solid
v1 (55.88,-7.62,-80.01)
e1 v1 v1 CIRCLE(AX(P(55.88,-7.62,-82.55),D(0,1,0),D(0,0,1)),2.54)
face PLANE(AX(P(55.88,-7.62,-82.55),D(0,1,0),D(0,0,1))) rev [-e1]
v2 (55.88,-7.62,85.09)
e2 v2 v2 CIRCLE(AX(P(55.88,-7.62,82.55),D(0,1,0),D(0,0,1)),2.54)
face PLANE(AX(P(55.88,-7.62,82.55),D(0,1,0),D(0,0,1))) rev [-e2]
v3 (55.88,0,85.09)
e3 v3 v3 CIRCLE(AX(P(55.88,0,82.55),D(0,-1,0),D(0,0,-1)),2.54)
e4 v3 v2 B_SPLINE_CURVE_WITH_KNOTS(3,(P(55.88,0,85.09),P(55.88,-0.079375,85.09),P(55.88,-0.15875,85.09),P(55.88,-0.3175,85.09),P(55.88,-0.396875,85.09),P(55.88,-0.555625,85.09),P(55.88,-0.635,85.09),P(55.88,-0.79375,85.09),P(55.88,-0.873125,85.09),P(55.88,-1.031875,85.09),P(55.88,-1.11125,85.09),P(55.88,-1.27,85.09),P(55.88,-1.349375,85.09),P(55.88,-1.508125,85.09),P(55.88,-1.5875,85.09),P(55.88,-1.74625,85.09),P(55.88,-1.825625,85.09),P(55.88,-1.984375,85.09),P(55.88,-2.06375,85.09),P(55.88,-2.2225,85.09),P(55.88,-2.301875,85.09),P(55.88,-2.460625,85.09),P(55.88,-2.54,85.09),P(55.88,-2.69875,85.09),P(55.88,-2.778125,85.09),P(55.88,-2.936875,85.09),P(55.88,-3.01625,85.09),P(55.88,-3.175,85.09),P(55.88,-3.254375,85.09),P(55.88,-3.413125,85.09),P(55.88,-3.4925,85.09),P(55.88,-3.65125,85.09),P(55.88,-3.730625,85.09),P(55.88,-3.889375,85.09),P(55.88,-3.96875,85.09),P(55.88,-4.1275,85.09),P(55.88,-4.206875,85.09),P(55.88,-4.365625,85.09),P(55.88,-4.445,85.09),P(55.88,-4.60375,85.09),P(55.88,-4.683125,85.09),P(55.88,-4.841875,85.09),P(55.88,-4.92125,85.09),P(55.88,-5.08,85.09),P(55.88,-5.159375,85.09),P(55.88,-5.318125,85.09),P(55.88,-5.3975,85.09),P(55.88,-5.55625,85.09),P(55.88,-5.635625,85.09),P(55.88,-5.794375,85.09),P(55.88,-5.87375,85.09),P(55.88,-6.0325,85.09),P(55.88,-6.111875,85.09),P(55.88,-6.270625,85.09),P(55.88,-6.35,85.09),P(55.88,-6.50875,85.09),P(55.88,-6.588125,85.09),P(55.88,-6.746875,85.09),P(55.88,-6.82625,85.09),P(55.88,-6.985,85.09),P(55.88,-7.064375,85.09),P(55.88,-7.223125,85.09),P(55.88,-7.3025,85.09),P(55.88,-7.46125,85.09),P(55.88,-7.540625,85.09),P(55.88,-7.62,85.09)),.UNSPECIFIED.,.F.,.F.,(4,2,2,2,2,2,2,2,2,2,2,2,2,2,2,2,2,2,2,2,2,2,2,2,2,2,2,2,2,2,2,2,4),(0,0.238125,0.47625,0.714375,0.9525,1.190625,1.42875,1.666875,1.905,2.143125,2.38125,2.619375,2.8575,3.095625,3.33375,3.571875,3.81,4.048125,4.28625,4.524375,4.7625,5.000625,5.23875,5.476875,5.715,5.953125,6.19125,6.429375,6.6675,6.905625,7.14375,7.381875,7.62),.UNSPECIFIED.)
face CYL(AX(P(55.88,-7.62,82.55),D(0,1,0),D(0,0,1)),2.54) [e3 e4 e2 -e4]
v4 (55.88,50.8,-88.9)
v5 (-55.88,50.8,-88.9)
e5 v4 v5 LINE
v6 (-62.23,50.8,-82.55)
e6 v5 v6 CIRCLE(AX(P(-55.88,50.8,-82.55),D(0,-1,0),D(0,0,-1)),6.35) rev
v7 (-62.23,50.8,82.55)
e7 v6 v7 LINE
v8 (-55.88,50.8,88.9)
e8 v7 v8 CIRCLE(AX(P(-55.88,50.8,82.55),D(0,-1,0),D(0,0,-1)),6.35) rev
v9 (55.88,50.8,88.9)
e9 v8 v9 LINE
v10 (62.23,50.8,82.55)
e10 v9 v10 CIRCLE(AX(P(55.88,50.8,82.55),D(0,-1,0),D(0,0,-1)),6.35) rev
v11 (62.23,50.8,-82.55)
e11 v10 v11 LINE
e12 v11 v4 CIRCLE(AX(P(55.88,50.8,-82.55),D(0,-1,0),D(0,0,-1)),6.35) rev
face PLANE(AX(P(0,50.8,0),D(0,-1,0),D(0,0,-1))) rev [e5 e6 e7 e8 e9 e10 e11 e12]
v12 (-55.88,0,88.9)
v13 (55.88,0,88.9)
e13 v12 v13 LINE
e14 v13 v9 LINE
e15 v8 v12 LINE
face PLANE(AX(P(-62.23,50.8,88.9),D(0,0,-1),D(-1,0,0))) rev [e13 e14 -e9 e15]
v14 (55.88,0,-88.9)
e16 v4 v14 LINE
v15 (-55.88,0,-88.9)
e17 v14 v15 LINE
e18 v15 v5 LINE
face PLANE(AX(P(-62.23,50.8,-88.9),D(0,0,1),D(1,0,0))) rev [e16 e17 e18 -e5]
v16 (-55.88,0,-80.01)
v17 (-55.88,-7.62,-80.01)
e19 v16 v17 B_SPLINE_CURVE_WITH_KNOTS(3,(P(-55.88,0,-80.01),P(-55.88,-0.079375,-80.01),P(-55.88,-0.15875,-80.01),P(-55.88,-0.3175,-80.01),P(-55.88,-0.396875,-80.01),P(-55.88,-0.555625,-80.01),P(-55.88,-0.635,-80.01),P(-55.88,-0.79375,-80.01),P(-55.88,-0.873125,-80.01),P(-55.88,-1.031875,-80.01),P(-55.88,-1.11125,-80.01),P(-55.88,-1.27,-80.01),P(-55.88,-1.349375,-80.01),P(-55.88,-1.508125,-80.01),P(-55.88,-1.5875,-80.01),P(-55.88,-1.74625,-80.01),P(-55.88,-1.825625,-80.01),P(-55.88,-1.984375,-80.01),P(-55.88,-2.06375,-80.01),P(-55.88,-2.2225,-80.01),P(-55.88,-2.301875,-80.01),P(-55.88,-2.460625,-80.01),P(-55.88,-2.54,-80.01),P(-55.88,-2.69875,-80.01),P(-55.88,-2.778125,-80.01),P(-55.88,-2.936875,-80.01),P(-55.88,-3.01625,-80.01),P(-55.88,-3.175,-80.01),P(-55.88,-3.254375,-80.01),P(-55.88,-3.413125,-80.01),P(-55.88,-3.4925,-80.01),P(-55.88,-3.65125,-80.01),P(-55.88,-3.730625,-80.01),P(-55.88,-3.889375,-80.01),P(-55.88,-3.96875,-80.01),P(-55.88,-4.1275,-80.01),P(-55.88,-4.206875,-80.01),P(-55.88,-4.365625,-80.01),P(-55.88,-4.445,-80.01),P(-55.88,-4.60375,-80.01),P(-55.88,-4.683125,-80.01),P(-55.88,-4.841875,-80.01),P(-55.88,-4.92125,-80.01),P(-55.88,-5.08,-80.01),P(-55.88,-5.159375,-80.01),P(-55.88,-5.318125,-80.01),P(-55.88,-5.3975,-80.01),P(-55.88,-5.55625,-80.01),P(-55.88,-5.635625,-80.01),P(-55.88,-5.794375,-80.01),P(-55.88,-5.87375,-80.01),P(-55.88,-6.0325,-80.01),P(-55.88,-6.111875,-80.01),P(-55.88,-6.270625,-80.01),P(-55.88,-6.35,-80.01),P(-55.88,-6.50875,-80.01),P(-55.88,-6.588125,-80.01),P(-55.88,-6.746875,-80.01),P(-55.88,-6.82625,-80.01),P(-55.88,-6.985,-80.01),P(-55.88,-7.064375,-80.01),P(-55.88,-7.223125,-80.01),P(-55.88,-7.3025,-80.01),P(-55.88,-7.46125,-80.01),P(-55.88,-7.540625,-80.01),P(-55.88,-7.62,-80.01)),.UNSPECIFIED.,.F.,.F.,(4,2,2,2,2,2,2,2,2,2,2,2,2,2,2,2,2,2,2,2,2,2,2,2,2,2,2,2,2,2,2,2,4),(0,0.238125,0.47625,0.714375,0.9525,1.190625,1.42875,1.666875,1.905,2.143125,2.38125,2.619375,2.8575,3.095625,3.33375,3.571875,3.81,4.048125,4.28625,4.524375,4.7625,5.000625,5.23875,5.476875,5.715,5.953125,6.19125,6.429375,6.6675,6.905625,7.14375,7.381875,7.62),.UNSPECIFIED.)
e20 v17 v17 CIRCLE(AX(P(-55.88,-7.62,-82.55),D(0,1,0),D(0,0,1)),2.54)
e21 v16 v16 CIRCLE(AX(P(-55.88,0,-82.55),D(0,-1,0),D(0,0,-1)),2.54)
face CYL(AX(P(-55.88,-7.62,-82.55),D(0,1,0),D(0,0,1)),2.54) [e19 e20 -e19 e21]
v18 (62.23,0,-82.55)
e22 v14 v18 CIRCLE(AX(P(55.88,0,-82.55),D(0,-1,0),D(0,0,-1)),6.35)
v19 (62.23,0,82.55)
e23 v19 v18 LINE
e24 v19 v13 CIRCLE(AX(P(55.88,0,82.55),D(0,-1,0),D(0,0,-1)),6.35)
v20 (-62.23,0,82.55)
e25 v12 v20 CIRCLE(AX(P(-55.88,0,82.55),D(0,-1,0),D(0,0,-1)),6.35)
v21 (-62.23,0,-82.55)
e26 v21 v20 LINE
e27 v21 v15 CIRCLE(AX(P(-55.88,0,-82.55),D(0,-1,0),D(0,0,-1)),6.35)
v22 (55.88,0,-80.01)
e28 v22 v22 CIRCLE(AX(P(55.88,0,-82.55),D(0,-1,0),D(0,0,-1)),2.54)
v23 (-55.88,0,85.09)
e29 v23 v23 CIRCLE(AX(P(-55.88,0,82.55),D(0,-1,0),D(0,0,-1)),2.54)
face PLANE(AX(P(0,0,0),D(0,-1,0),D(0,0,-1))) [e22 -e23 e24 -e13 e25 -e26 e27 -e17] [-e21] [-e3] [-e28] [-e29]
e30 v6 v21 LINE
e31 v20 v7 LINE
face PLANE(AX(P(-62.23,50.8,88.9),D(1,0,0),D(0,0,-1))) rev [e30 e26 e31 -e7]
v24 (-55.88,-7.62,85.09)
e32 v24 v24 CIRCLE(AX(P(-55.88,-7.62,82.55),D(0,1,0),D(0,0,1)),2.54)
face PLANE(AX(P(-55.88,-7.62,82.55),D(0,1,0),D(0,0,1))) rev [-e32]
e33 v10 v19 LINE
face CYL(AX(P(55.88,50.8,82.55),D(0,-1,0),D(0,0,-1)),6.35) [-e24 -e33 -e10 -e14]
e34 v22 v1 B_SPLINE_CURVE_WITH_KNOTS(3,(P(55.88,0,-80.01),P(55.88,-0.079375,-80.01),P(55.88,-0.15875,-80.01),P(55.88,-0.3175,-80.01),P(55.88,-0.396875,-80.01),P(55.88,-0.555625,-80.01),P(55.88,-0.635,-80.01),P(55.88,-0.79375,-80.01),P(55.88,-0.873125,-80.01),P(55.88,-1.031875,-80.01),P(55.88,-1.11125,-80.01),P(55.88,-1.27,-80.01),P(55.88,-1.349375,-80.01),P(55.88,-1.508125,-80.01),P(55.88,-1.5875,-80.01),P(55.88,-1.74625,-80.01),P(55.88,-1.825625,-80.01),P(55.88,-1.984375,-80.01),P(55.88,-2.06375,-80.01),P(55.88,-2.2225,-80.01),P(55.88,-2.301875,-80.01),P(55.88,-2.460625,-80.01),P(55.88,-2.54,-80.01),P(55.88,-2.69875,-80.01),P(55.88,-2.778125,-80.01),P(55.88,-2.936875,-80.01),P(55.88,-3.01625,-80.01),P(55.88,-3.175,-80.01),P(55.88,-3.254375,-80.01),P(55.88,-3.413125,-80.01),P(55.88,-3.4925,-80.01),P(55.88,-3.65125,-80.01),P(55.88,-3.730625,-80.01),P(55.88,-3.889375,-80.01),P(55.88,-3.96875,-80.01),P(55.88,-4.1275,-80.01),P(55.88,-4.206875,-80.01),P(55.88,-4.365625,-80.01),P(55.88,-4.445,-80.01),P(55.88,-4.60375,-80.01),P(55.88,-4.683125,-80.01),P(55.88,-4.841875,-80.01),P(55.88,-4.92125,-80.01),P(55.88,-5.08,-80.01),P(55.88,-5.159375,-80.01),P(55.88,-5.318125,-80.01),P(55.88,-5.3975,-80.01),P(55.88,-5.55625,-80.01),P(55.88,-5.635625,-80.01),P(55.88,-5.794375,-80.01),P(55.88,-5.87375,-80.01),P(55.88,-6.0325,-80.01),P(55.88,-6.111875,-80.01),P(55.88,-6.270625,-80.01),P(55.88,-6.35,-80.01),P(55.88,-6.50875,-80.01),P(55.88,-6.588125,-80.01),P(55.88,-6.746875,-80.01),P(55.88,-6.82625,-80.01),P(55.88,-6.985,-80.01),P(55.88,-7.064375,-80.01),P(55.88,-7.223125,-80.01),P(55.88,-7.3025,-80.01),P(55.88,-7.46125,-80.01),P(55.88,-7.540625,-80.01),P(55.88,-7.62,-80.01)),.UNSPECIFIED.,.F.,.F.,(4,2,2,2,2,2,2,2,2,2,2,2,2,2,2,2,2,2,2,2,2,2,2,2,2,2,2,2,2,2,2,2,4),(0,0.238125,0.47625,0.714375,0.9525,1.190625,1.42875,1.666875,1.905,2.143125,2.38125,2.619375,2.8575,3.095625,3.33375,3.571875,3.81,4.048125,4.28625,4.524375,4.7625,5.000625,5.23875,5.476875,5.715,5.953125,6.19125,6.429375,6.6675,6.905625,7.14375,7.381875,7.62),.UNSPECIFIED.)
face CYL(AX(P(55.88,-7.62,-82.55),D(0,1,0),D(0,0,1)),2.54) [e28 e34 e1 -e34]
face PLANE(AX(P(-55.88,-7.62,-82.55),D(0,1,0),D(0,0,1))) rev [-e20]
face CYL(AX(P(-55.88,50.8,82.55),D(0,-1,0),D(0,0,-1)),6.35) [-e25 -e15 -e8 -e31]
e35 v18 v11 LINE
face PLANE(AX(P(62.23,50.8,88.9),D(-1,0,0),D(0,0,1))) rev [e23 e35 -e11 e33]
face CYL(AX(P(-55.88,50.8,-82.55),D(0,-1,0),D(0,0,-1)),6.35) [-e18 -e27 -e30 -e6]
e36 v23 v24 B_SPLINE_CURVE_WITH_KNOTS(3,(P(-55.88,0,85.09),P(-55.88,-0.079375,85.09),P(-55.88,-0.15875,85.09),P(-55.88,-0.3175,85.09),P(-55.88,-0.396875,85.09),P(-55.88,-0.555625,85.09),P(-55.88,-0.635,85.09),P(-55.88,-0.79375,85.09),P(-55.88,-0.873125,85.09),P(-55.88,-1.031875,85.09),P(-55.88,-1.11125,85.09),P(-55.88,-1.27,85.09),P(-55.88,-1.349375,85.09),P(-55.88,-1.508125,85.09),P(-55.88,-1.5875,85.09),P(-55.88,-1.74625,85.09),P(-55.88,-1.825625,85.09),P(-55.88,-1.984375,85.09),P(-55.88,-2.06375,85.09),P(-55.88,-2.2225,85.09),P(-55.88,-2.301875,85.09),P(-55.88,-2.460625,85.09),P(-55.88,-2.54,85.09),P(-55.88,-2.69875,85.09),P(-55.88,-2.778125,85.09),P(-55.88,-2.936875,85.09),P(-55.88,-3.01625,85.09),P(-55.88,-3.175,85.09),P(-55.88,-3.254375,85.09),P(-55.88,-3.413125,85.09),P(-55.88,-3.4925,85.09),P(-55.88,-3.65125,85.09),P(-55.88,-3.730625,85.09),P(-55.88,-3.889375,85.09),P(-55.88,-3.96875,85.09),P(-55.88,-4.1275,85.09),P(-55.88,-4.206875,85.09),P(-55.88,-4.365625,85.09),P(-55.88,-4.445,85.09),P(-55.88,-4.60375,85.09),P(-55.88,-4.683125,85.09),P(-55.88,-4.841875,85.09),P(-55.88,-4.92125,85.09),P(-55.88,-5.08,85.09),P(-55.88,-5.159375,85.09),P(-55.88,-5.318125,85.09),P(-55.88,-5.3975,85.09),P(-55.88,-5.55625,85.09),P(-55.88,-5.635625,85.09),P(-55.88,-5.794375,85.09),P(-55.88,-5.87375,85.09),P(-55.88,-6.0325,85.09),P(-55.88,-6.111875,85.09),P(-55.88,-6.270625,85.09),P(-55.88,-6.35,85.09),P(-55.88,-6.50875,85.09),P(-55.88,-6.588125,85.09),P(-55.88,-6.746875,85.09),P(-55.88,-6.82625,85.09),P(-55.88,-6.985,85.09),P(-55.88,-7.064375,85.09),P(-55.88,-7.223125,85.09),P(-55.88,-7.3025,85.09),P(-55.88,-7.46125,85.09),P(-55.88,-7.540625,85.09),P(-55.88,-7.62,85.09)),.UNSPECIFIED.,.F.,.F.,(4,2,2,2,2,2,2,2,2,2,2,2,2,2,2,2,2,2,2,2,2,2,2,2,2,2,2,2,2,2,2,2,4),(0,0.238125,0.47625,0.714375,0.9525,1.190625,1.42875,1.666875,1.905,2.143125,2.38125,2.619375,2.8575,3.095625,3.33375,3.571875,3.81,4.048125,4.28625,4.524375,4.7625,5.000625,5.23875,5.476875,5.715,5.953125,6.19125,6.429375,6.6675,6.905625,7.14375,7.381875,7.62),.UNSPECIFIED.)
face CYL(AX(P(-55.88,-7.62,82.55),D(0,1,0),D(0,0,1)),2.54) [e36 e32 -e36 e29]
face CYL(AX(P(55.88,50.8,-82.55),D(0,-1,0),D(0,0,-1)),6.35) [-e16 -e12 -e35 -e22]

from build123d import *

# Parameters (mm, degrees)
SKETCH1_W           = 124.46
SKETCH1_H           = 177.8
BOSS_EXTRUDE1_DEPTH = 50.8
FILLET1_R           = 6.35
SKETCH3_R           = 2.54
BOSS_EXTRUDE2_DEPTH = 58.42


with BuildPart() as part:
    # Sketch1 → Boss-Extrude1 (new body)
    with BuildSketch(Plane(origin=(0, 0, 0), x_dir=(1, 0, 0), z_dir=(0, 1, 0))):
        Rectangle(SKETCH1_W, SKETCH1_H)
    extrude(amount=BOSS_EXTRUDE1_DEPTH)

    # Fillet1
    fillet1_edges = [part.edges().sort_by_distance(p)[0] for p in [
        (62.23, 25.4, 88.9),
        (-62.23, 25.4, 88.9),
        (-62.23, 25.4, -88.9),
        (62.23, 25.4, -88.9),
    ]]
    fillet(fillet1_edges, radius=FILLET1_R)

    # Sketch3 → Boss-Extrude2 (add)
    with BuildSketch(Plane(origin=(0, 50.8, 0), x_dir=(1, 0, 0), z_dir=(0, 1, 0))):
        with Locations(Location((-55.88, 82.55, 0), (0, 0, 270))):
            Circle(SKETCH3_R)
        with Locations(Location((55.88, 82.55, 0), (0, 0, 270))):
            Circle(SKETCH3_R)
        with Locations(Location((-55.88, -82.55, 0), (0, 0, 270))):
            Circle(SKETCH3_R)
        with Locations(Location((55.88, -82.55, 0), (0, 0, 270))):
            Circle(SKETCH3_R)
    extrude(amount=-BOSS_EXTRUDE2_DEPTH)


solid = part.part
